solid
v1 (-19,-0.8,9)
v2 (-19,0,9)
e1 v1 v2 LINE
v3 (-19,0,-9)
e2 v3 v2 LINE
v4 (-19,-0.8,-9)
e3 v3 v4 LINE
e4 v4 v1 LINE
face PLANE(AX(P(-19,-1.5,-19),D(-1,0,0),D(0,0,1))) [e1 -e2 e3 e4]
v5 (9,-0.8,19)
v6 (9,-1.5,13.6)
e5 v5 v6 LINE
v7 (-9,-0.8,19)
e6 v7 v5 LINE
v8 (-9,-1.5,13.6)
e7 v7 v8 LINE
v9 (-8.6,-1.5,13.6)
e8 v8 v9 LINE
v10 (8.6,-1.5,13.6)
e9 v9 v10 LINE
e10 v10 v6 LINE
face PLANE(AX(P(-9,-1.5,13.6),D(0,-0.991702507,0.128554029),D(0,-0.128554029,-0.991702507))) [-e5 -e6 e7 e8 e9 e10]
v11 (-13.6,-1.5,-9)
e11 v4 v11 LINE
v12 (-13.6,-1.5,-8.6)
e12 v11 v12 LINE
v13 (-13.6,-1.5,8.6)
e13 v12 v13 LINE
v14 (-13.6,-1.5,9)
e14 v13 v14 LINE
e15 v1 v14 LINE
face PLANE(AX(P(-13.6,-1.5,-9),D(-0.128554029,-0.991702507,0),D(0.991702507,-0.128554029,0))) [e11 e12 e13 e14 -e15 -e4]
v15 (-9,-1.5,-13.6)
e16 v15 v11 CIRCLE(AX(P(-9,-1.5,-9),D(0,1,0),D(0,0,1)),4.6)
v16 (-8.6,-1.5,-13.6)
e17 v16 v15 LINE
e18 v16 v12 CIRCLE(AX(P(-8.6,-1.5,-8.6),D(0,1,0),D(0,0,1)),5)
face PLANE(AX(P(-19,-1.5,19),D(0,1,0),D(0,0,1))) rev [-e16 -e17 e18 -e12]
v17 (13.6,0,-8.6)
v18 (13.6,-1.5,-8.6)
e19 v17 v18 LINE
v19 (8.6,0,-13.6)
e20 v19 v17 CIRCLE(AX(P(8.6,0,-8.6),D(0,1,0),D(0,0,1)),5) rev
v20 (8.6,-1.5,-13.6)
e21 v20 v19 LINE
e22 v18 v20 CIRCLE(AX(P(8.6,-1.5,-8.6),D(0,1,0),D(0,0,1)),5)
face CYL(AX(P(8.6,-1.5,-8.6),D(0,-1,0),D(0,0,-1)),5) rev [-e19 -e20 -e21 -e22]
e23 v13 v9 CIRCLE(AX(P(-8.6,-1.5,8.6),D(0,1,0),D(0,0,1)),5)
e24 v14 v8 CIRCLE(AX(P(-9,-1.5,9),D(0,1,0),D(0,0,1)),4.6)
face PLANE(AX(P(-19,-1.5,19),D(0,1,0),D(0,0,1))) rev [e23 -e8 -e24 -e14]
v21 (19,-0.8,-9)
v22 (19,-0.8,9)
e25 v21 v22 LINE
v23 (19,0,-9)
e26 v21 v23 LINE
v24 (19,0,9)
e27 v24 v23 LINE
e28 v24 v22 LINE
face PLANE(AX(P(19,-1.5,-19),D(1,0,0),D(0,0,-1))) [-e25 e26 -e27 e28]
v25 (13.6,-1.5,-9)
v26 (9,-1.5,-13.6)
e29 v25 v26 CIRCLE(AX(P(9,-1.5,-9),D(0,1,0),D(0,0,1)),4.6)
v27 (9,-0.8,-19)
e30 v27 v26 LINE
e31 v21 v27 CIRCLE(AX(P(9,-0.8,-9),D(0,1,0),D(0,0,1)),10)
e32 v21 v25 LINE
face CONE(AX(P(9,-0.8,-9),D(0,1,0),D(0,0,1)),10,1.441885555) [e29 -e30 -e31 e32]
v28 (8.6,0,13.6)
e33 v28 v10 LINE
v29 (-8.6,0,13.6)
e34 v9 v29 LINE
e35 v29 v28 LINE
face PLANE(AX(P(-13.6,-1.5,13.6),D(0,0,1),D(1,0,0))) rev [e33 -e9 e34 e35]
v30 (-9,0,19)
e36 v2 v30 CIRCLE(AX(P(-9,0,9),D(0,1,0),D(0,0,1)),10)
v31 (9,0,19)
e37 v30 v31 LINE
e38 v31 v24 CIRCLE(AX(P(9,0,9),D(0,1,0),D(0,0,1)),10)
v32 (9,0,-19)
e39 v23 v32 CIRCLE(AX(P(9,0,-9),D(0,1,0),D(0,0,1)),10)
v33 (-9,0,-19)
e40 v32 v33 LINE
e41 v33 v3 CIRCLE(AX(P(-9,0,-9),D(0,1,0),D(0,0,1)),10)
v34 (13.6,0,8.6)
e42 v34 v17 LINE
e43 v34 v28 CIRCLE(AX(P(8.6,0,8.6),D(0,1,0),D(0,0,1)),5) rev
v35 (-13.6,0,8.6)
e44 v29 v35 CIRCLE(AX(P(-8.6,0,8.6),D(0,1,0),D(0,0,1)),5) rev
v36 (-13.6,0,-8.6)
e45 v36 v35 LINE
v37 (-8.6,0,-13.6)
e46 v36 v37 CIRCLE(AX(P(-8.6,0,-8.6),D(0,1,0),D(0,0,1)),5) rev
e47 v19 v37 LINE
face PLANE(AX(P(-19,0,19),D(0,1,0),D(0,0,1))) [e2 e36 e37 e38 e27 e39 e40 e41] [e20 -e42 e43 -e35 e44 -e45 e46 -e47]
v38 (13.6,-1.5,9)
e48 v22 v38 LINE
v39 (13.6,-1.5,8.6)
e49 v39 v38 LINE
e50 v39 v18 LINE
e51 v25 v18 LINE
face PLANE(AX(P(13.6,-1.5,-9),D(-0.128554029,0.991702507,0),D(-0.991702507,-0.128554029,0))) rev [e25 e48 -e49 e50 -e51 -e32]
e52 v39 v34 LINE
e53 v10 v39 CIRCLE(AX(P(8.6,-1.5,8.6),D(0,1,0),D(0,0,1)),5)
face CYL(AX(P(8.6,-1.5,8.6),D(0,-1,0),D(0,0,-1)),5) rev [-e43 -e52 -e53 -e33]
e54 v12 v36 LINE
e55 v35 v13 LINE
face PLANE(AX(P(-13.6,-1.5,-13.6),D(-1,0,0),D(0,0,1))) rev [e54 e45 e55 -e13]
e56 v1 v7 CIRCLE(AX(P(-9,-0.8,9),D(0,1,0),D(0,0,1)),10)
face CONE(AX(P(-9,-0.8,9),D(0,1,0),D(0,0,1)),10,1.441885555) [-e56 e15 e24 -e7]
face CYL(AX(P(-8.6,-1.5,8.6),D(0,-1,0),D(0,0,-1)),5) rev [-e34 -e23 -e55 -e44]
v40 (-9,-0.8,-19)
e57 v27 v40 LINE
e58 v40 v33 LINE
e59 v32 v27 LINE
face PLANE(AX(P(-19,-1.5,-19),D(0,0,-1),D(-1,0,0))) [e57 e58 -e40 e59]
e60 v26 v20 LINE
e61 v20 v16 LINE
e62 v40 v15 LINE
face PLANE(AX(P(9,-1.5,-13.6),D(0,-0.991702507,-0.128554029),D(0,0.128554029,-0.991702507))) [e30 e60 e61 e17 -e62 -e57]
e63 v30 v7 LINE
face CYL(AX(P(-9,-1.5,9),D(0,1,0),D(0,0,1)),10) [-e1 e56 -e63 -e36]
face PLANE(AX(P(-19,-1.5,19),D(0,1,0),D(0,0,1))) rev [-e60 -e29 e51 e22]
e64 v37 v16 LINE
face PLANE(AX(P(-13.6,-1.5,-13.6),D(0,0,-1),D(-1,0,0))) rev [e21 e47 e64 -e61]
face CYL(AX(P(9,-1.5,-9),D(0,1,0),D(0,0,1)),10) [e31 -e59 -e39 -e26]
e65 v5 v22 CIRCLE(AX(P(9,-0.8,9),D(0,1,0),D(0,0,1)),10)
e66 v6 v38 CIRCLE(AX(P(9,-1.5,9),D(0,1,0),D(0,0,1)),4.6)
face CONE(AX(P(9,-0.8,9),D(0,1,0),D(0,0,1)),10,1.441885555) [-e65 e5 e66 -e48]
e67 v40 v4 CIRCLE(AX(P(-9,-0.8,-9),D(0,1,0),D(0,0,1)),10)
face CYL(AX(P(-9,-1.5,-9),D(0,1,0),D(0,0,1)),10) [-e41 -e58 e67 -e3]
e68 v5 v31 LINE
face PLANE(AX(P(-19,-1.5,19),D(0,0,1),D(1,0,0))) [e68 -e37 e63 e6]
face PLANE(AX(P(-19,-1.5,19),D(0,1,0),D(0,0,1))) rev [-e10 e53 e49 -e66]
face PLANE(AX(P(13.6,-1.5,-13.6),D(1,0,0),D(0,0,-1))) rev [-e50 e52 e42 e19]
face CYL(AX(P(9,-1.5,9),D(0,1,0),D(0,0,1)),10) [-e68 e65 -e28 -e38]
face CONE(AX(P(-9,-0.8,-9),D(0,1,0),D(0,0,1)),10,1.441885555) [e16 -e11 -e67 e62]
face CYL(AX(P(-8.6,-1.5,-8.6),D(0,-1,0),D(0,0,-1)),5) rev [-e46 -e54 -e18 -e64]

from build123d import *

# Parameters (mm, degrees)
SKETCH1_W      = 38
SKETCH1_H      = 38
SKETCH1_W_2    = 27.2
SKETCH1_H_2    = 27.2
EXTRUDE1_DEPTH = 1.5
FILLET1_R      = 5
FILLET2_R      = 10


with BuildPart() as part:
    # Sketch1 → Extrude1 (new body)
    with BuildSketch(Plane(origin=(0, 0, 0), x_dir=(1, 0, 0), z_dir=(0, 1, 0))):
        Rectangle(SKETCH1_W, SKETCH1_H)
        Rectangle(SKETCH1_W_2, SKETCH1_H_2, mode=Mode.SUBTRACT)
    extrude(amount=-EXTRUDE1_DEPTH)

    # Fillet1
    fillet1_edges = [part.edges().sort_by_distance(p)[0] for p in [
        (-13.6, -0.75, 13.6),
        (-13.6, -0.75, -13.6),
        (13.6, -0.75, -13.6),
        (13.6, -0.75, 13.6),
    ]]
    fillet(fillet1_edges, radius=FILLET1_R)

    # Fillet2
    fillet2_edges = [part.edges().sort_by_distance(p)[0] for p in [
        (-19, -0.75, -19),
        (19, -0.75, -19),
        (19, -0.75, 19),
        (-19, -0.75, 19),
    ]]
    fillet(fillet2_edges, radius=FILLET2_R)

    # Cut-Sweep1: sweep along a path in Sketch4
    with BuildLine(Plane.XZ.offset(1.5)) as cut_sweep1_path:
        Line((9, -19), (-9, -19))
        ThreePointArc((-9, -19), (-16.071067812, -16.071067812), (-19, -9))
        Line((-19, -9), (-19, 9))
        ThreePointArc((-19, 9), (-16.071067812, 16.071067812), (-9, 19))
        Line((-9, 19), (9, 19))
        ThreePointArc((9, 19), (16.071067812, 16.071067812), (19, 9))
        Line((19, 9), (19, -9))
        ThreePointArc((19, -9), (16.071067812, -16.071067812), (9, -19))
    # Sketch2 → Cut-Sweep1 (sweep, cut)
    with BuildSketch(Plane.XY):
        Polygon((19, -0.8), (19, -1.5), (13.6, -1.5), align=None)
    sweep(path=cut_sweep1_path.line, mode=Mode.SUBTRACT)


solid = part.part
